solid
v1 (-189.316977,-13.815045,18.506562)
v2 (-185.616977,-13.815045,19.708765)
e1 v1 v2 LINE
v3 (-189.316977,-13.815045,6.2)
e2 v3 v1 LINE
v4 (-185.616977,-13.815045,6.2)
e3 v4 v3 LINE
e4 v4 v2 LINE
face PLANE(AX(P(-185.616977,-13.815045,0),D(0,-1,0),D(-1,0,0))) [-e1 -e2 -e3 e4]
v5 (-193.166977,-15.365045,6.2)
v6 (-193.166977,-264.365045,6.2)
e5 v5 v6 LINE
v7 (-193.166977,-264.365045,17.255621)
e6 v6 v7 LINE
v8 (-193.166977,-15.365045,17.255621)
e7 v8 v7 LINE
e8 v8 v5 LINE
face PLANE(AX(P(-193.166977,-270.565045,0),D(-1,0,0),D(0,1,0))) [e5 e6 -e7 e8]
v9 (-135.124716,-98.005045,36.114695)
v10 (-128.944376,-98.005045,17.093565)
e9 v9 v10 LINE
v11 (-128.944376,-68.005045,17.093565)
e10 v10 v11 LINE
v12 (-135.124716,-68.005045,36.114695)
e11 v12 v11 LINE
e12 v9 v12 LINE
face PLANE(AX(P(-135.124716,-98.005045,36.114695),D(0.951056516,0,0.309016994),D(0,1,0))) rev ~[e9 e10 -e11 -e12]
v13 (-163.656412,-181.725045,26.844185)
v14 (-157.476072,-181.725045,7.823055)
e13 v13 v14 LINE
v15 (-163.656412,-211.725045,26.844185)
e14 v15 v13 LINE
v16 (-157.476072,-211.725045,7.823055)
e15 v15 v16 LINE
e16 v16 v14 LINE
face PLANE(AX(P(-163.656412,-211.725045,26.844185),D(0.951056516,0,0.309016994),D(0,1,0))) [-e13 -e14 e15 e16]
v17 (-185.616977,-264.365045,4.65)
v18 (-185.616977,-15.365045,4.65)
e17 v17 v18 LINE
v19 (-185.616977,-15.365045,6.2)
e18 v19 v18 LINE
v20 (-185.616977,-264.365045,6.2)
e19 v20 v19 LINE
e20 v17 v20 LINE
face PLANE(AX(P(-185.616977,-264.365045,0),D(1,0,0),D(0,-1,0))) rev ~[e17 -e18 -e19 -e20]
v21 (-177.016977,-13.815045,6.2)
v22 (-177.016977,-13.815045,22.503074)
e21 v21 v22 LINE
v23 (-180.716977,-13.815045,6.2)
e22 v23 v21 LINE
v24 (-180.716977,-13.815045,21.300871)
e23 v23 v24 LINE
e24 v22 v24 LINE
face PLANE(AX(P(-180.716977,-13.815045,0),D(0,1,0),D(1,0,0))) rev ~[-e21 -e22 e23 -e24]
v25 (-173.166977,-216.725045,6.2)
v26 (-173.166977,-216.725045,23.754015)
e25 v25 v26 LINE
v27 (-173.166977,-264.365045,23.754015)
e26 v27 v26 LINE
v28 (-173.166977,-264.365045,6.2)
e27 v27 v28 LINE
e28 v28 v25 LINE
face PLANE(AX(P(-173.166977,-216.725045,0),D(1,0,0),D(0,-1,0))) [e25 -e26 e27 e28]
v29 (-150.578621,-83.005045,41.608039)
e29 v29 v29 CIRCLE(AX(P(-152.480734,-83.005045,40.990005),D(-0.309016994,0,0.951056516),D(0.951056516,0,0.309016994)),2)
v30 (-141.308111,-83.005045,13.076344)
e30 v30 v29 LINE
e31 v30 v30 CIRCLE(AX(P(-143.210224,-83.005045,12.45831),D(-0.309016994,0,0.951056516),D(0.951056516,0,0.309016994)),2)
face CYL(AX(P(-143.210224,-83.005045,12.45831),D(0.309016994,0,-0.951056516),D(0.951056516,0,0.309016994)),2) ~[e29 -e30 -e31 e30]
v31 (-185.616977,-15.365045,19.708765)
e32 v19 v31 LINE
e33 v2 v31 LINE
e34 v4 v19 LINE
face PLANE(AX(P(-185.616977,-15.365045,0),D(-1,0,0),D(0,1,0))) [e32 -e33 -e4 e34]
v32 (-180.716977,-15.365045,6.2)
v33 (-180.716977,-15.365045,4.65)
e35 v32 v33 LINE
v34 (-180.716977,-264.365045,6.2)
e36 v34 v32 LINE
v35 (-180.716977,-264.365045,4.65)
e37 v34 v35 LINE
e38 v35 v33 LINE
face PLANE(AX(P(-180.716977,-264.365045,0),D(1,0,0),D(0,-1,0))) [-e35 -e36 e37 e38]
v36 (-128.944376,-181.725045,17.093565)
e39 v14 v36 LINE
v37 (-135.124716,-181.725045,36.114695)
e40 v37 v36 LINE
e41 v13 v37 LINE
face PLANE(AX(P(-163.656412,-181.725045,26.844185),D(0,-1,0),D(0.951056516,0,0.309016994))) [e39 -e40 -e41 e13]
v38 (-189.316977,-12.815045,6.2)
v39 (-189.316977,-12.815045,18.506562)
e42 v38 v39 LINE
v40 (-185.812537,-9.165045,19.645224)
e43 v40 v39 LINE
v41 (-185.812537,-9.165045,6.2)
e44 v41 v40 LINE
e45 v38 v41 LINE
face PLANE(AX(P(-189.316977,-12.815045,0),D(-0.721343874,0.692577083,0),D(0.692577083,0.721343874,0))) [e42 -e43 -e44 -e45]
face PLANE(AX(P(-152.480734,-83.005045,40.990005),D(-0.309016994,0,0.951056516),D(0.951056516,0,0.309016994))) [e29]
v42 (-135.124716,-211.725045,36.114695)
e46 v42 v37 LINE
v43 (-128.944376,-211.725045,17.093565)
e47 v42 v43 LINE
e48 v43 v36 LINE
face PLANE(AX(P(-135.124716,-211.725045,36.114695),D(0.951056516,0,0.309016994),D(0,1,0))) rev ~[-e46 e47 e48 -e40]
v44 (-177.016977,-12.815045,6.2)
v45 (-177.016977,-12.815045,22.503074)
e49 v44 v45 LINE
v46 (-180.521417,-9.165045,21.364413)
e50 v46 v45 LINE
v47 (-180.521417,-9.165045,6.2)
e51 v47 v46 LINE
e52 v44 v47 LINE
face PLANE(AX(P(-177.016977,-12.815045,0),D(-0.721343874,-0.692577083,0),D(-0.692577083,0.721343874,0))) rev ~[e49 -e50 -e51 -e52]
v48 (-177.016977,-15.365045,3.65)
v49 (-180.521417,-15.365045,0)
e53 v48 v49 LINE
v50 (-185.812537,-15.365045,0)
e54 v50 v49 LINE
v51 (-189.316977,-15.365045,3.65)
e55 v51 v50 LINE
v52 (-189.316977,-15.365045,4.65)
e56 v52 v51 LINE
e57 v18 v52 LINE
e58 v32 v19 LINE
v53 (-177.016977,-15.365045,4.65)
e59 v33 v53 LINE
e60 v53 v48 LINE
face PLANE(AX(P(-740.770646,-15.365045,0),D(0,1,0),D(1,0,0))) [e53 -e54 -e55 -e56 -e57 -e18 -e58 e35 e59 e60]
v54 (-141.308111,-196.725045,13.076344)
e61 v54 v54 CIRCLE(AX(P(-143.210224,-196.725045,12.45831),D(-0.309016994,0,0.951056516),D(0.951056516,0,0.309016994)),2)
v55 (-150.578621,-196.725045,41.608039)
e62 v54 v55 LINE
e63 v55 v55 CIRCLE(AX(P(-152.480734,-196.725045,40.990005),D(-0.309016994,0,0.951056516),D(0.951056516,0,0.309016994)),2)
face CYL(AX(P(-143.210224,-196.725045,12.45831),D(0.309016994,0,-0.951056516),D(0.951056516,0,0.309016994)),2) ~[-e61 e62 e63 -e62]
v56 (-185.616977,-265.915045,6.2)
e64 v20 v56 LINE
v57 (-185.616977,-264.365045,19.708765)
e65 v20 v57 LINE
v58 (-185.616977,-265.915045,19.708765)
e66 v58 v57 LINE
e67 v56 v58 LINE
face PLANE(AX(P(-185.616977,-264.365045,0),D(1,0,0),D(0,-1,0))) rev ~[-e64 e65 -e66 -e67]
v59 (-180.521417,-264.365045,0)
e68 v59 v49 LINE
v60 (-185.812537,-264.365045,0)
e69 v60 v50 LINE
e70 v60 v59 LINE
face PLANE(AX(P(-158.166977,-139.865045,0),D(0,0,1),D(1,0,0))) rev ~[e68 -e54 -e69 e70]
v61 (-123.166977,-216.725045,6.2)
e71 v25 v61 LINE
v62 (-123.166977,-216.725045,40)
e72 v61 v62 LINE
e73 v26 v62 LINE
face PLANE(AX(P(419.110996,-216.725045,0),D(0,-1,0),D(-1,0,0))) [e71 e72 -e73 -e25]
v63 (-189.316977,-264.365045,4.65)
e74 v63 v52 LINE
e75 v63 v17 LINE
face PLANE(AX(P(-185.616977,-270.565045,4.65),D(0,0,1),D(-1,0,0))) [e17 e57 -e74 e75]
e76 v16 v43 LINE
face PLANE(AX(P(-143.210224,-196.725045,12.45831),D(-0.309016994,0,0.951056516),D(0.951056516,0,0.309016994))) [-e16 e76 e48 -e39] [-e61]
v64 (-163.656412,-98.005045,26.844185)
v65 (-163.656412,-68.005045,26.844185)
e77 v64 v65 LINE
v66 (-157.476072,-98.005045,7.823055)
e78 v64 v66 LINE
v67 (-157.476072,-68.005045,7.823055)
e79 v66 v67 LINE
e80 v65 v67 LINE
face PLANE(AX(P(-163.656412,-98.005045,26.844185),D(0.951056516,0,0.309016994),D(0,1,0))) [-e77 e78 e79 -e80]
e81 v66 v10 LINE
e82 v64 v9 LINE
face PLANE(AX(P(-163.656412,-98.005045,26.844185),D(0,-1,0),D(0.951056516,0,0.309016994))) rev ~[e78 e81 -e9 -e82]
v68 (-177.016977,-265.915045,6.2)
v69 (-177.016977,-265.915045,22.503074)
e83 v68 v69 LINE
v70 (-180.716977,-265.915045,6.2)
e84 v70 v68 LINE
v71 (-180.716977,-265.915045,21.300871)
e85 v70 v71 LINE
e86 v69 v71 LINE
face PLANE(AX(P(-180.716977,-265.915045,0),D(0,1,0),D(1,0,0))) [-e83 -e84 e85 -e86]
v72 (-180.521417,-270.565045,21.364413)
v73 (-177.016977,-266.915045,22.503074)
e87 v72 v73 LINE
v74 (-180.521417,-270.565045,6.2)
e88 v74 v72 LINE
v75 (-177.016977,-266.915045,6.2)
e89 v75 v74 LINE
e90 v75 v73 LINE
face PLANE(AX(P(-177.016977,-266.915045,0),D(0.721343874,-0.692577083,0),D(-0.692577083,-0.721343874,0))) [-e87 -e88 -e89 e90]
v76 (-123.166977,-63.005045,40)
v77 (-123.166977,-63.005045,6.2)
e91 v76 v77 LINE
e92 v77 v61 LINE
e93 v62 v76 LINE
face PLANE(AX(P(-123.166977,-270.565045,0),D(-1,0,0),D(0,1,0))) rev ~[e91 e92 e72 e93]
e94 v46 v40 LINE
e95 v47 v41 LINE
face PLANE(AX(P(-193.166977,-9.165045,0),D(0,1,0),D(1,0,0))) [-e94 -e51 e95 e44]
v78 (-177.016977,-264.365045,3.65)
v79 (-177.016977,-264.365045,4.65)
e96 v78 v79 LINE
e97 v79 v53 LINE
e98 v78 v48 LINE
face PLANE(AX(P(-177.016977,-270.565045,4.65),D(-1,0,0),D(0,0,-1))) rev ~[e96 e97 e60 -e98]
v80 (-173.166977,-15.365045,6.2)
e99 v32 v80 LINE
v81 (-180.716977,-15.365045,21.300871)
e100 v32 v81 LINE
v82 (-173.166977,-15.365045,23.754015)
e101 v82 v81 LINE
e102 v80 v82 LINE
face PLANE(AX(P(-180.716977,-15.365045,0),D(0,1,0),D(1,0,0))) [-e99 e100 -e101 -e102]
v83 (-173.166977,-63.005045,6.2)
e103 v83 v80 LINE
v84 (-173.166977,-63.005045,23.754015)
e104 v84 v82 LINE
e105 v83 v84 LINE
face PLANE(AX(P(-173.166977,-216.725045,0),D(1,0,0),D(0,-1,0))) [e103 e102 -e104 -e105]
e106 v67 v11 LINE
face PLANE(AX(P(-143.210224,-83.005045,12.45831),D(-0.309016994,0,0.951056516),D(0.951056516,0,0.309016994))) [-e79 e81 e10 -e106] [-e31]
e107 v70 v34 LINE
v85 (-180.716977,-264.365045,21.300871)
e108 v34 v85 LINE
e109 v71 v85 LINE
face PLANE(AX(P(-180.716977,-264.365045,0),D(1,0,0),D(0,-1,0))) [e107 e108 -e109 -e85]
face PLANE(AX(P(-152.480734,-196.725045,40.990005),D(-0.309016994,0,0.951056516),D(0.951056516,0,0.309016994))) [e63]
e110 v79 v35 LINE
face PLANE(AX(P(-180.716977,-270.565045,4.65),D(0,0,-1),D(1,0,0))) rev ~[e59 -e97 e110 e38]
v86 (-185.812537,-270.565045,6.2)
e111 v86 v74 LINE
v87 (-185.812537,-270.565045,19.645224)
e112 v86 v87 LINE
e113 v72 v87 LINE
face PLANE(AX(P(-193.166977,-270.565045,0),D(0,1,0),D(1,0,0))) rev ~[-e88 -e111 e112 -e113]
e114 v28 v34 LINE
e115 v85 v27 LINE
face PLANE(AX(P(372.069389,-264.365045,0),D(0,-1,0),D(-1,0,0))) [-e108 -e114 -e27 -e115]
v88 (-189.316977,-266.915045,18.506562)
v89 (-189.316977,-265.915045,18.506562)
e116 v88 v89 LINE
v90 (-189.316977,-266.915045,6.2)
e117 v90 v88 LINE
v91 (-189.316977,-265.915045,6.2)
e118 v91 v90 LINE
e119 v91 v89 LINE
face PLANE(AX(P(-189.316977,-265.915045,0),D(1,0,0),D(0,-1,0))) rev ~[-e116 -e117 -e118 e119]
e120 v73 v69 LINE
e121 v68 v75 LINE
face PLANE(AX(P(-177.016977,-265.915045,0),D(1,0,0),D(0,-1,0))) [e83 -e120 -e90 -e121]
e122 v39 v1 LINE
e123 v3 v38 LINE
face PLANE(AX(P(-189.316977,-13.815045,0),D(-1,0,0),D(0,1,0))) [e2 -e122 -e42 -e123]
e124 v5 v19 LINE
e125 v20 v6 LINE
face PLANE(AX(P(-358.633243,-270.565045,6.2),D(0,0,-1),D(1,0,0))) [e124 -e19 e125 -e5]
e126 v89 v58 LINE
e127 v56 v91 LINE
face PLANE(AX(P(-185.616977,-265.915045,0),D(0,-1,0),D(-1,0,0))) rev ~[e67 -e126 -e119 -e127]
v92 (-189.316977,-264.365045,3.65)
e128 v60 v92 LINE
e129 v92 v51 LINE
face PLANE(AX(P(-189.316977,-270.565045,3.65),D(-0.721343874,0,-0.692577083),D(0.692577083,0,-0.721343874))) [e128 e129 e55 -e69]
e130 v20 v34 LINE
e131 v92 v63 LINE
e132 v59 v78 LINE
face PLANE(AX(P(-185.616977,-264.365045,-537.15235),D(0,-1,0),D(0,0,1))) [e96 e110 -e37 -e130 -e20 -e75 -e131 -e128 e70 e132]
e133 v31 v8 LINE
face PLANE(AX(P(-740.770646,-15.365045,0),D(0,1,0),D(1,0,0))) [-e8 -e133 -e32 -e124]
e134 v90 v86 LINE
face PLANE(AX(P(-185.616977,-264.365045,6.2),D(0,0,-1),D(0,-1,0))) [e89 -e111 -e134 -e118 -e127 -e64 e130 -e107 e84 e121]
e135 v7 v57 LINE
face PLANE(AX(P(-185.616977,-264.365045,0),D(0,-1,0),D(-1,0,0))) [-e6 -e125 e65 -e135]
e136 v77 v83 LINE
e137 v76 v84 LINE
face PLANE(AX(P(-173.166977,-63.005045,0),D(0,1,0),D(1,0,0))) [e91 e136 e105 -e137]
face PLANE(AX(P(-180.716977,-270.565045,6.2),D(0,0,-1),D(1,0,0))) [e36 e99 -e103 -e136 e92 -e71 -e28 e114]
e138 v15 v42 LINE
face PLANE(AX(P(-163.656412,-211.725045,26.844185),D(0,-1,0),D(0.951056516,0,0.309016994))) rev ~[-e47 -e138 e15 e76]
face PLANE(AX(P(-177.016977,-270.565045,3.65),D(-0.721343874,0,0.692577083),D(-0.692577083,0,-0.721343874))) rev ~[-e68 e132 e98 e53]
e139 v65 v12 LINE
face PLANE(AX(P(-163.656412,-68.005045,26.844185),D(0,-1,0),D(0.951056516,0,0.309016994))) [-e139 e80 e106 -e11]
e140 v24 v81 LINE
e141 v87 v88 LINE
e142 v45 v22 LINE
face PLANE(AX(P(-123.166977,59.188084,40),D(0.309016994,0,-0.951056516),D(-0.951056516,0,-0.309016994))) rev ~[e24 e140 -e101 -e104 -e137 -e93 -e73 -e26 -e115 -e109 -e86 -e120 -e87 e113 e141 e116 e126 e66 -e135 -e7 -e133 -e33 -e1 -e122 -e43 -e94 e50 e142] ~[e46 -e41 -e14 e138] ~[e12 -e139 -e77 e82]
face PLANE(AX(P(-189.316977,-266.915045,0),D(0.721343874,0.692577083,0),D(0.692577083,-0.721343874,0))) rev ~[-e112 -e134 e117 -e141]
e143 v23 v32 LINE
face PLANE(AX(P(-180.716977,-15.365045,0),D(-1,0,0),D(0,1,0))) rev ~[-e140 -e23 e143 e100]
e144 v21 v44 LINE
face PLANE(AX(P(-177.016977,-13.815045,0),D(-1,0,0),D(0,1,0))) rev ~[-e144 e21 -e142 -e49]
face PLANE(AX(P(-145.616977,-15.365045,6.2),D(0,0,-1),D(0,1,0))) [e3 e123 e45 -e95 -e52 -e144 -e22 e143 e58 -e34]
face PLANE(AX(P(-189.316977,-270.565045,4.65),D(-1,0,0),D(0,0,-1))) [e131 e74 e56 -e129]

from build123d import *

# Parameters (mm, degrees)
ESQUISSE1_W                   = 70
ESQUISSE1_H                   = 261.4
BOSS_EXTRU_1_DEPTH            = 40
ENL_V_MAT_EXTRU_1_DEPTH       = 335.841640665
ENL_V_MAT_EXTRU_1_DEPTH_BACK  = 40
ENL_V_MAT_EXTRU_2_DEPTH       = 335.841640665
ENL_V_MAT_EXTRU_2_DEPTH_BACK  = 40
ENL_V_MAT_EXTRU_3_DEPTH       = 287.347052656
ENL_V_MAT_EXTRU_3_DEPTH_BACK  = 165
ENL_V_MAT_EXTRU_4_DEPTH       = 328.480443637
ENL_V_MAT_EXTRU_4_DEPTH_BACK  = 261.4
ENL_V_MAT_EXTRU_5_DEPTH       = 328.480443637
ENL_V_MAT_EXTRU_5_DEPTH_BACK  = 261.4
ENL_V_MAT_EXTRU_6_DEPTH       = 335.841640665
ENL_V_MAT_EXTRU_6_DEPTH_BACK  = 40
ENL_V_MAT_EXTRU_8_DEPTH       = 335.841640665
ENL_V_MAT_EXTRU_8_DEPTH_BACK  = 40
ENL_V_MAT_EXTRU_9_DEPTH       = 281.544908808
ENL_V_MAT_EXTRU_9_DEPTH_BACK  = 40
ENL_V_MAT_EXTRU_10_DEPTH      = 335.841640665
ENL_V_MAT_EXTRU_10_DEPTH_BACK = 40
ENL_V_MAT_EXTRU_12_DEPTH      = 335.841640665
ENL_V_MAT_EXTRU_12_DEPTH_BACK = 40
ENL_V_MAT_EXTRU_14_DEPTH      = 280.494983601
ENL_V_MAT_EXTRU_14_DEPTH_BACK = 4.9
ENL_V_MAT_EXTRU_30_DEPTH      = 323.553128903
ENL_V_MAT_EXTRU_30_DEPTH_BACK = 323.553128903
ESQUISSE33_W                  = 30
ESQUISSE33_H                  = 30
ENL_V_MAT_EXTRU_34_DEPTH      = 20
ESQUISSE36_W                  = 30
ESQUISSE36_H                  = 30
ENL_V_MAT_EXTRU_35_DEPTH      = 20
ESQUISSE38_R                  = 2
BOSS_EXTRU_2_DEPTH            = 30
ESQUISSE39_R                  = 2
BOSS_EXTRU_3_DEPTH            = 30


with BuildPart() as part:
    # Esquisse1 → Boss.-Extru.1 (new body)
    with BuildSketch(Plane.XY):
        with Locations((-158.166976901, -139.865044598)):
            Rectangle(ESQUISSE1_W, ESQUISSE1_H)
    extrude(amount=BOSS_EXTRU_1_DEPTH)

    # Esquisse3 → Enlèv. mat.-Extru.1 (cut, two sides: drawn at the far end of the back side and taken through both)
    with BuildSketch(Plane.XY.offset(40).offset(-ENL_V_MAT_EXTRU_1_DEPTH_BACK)):
        Polygon((-173.166976901, 533.112927894), (-173.166976901, -9.165044598), (-173.166976901, -63.005044598), (-123.166976901, -63.005044598), (419.110995591, -63.005044598), (1188.481875045, 701.409795425), (596.203902553, 1297.527767917), align=None)
    extrude(amount=ENL_V_MAT_EXTRU_1_DEPTH + ENL_V_MAT_EXTRU_1_DEPTH_BACK, mode=Mode.SUBTRACT)

    # Esquisse4 → Enlèv. mat.-Extru.2 (cut, two sides: drawn at the far end of the back side and taken through both)
    with BuildSketch(Plane.XY.offset(40).offset(-ENL_V_MAT_EXTRU_2_DEPTH_BACK)):
        Polygon((-173.166976901, -812.84301709), (-173.166976901, -270.565044598), (-173.166976901, -216.725044598), (-123.166976901, -216.725044598), (419.110995591, -216.725044598), (1188.481875045, -981.139884621), (596.203902553, -1577.257857113), align=None)
    extrude(amount=ENL_V_MAT_EXTRU_2_DEPTH + ENL_V_MAT_EXTRU_2_DEPTH_BACK, mode=Mode.SUBTRACT)

    # Esquisse6 → Enlèv. mat.-Extru.3 (cut, two sides: drawn at the far end of the back side and taken through both)
    with BuildSketch(Plane(origin=(0, -63.005044598, 0), x_dir=(1, 0, 0), z_dir=(0, 1, 0)).offset(-ENL_V_MAT_EXTRU_3_DEPTH_BACK)):
        Polygon((42.299289537, -6.2), (-123.166976901, -6.2), (-173.166976901, -6.2), (-173.166976901, 0), (-173.166976901, 165.466266437), (33.046852916, 424.294776666), (248.513119354, 252.628510228), align=None)
    extrude(amount=ENL_V_MAT_EXTRU_3_DEPTH + ENL_V_MAT_EXTRU_3_DEPTH_BACK, mode=Mode.SUBTRACT)

    # Esquisse7 → Enlèv. mat.-Extru.4 (cut, two sides: drawn at the far end of the back side and taken through both)
    with BuildSketch(Plane(origin=(0, -9.165044598, 0), x_dir=(1, 0, 0), z_dir=(0, 1, 0)).offset(-ENL_V_MAT_EXTRU_4_DEPTH_BACK)):
        Polygon((-23.31660268, -6.2), (-173.166976901, -6.2), (-180.716976901, -6.2), (-180.716976901, -4.65), (-177.016976901, -4.65), (-177.016976901, -3.65), (-180.521416942, 0), (-284.304352032, 108.093649388), (-164.080204276, 382.623598415), (96.907545076, 268.329949026), align=None)
    extrude(amount=ENL_V_MAT_EXTRU_4_DEPTH + ENL_V_MAT_EXTRU_4_DEPTH_BACK, mode=Mode.SUBTRACT)

    # Esquisse8 → Enlèv. mat.-Extru.5 (cut, two sides: drawn at the far end of the back side and taken through both)
    with BuildSketch(Plane(origin=(0, -9.165044598, 0), x_dir=(1, 0, 0), z_dir=(0, 1, 0)).offset(-ENL_V_MAT_EXTRU_5_DEPTH_BACK)):
        Polygon((-358.633243338, -6.2), (-193.166976901, -6.2), (-185.616976901, -6.2), (-185.616976901, -4.65), (-189.316976901, -4.65), (-189.316976901, -3.65), (-185.81253686, 0), (-71.214392687, 119.358077569), (-203.692164198, 422.617012095), (-491.11101485, 297.058934527), align=None)
    extrude(amount=ENL_V_MAT_EXTRU_5_DEPTH + ENL_V_MAT_EXTRU_5_DEPTH_BACK, mode=Mode.SUBTRACT)

    # Esquisse9 → Enlèv. mat.-Extru.6 (cut, two sides: drawn at the far end of the back side and taken through both)
    with BuildSketch(Plane.XY.offset(40).offset(-ENL_V_MAT_EXTRU_6_DEPTH_BACK)):
        Polygon((-740.770645722, -15.365044598), (-193.166976901, -15.365044598), (-185.616976901, -15.365044598), (-185.616976901, -13.815044598), (-189.316976901, -13.815044598), (-189.316976901, -12.815044598), (-185.81253686, -9.165044598), (193.445214828, 385.845507022), (-238.735419917, 1392.174981587), (-1172.951280468, 990.964429967), align=None)
    extrude(amount=ENL_V_MAT_EXTRU_6_DEPTH + ENL_V_MAT_EXTRU_6_DEPTH_BACK, mode=Mode.SUBTRACT)

    # Esquisse10 → Enlèv. mat.-Extru.8 (cut, two sides: drawn at the far end of the back side and taken through both)
    with BuildSketch(Plane.XY.offset(40).offset(-ENL_V_MAT_EXTRU_8_DEPTH_BACK)):
        Polygon((372.069388801, -15.365044598), (-173.166976901, -15.365044598), (-180.716976901, -15.365044598), (-180.716976901, -13.815044598), (-177.016976901, -13.815044598), (-177.016976901, -12.815044598), (-180.521416942, -9.165044598), (-558.13962874, 384.13786742), (-127.815363107, 1386.111821344), (802.393654434, 986.608909326), align=None)
    extrude(amount=ENL_V_MAT_EXTRU_8_DEPTH + ENL_V_MAT_EXTRU_8_DEPTH_BACK, mode=Mode.SUBTRACT)

    # Esquisse11 → Enlèv. mat.-Extru.9 (cut, two sides: drawn at the far end of the back side and taken through both)
    with BuildSketch(Plane.ZY.offset(185.616976901).offset(-ENL_V_MAT_EXTRU_9_DEPTH_BACK)):
        Polygon((-537.152349895, -15.365044598), (0, -15.365044598), (6.2, -15.365044598), (6.2, -9.165044598), (6.2, 527.987305297), (-753.448138282, 1287.635443579), (-1296.800488177, 744.283093684), align=None)
    extrude(amount=ENL_V_MAT_EXTRU_9_DEPTH + ENL_V_MAT_EXTRU_9_DEPTH_BACK, mode=Mode.SUBTRACT)

    # Esquisse12 → Enlèv. mat.-Extru.10 (cut, two sides: drawn at the far end of the back side and taken through both)
    with BuildSketch(Plane.XY.offset(40).offset(-ENL_V_MAT_EXTRU_10_DEPTH_BACK)):
        Polygon((372.069388801, -264.365044598), (-173.166976901, -264.365044598), (-180.716976901, -264.365044598), (-180.716976901, -265.915044598), (-177.016976901, -265.915044598), (-177.016976901, -266.915044598), (-180.521416942, -270.565044598), (-558.13962874, -663.867956616), (-127.815363107, -1665.84191054), (802.393654434, -1266.338998522), align=None)
    extrude(amount=ENL_V_MAT_EXTRU_10_DEPTH + ENL_V_MAT_EXTRU_10_DEPTH_BACK, mode=Mode.SUBTRACT)

    # Esquisse13 → Enlèv. mat.-Extru.12 (cut, two sides: drawn at the far end of the back side and taken through both)
    with BuildSketch(Plane.XY.offset(40).offset(-ENL_V_MAT_EXTRU_12_DEPTH_BACK)):
        Polygon((-740.770645722, -264.365044598), (-193.166976901, -264.365044598), (-185.616976901, -264.365044598), (-185.616976901, -265.915044598), (-189.316976901, -265.915044598), (-189.316976901, -266.915044598), (-185.81253686, -270.565044598), (193.445214828, -665.575596218), (-238.735419917, -1671.905070783), (-1172.951280468, -1270.694519163), align=None)
    extrude(amount=ENL_V_MAT_EXTRU_12_DEPTH + ENL_V_MAT_EXTRU_12_DEPTH_BACK, mode=Mode.SUBTRACT)

    # Esquisse16 → Enlèv. mat.-Extru.14 (cut, two sides: drawn at the far end of the back side and taken through both)
    with BuildSketch(Plane(origin=(-180.716976901, 0, 0), x_dir=(0, 0, -1), z_dir=(1, 0, 0)).offset(-ENL_V_MAT_EXTRU_14_DEPTH_BACK)):
        Polygon((537.152349895, -264.365044598), (0, -264.365044598), (-6.2, -264.365044598), (-6.2, -270.565044598), (-6.2, -807.717394493), (753.448138282, -1567.365532776), (1296.800488177, -1024.01318288), align=None)
    extrude(amount=ENL_V_MAT_EXTRU_14_DEPTH + ENL_V_MAT_EXTRU_14_DEPTH_BACK, mode=Mode.SUBTRACT)


with BuildPart() as enl_v_mat_extru_14_kept_piece:
    # of the separate pieces the step leaves, the one the design keeps (enl_v_mat_extru_14_pieces_kept)
    add(part.part.solids().sort_by_distance((-193.166976901, -264.365044598, 6.2))[0])

    # Esquisse32 → Enlèv. mat.-Extru.30 (cut, two sides: drawn at the far end of the back side and taken through both)
    with BuildSketch(Plane(origin=(0, -264.365044598, 0), x_dir=(-1, 0, 0), z_dir=(0, -1, 0)).offset(-ENL_V_MAT_EXTRU_30_DEPTH_BACK)):
        Polygon((364.412131867, -40), (193.166976901, -40), (123.166976901, -40), (193.166976901, -17.255621264), (356.030797415, 35.662041825), (696.438947848, 73.370177768), (704.8202823, -2.291864057), align=None)
    extrude(amount=ENL_V_MAT_EXTRU_30_DEPTH + ENL_V_MAT_EXTRU_30_DEPTH_BACK, mode=Mode.SUBTRACT)

    # Esquisse33 → Enlèv. mat.-Extru.34 (cut)
    with BuildSketch(Plane(origin=(-23.517104767, 0, 72.378206183), x_dir=(0.9510565162951555, 0, 0.3090169943749416), z_dir=(-0.3090169943749416, 0, 0.9510565162951555))):
        with Locations((-132.351187411, -83.005044598)):
            Rectangle(ESQUISSE33_W, ESQUISSE33_H)
    extrude(amount=-ENL_V_MAT_EXTRU_34_DEPTH, mode=Mode.SUBTRACT)

    # Esquisse36 → Enlèv. mat.-Extru.35 (cut)
    with BuildSketch(Plane(origin=(-23.517104767, 0, 72.378206183), x_dir=(0.9510565162951555, 0, 0.3090169943749416), z_dir=(-0.3090169943749416, 0, 0.9510565162951555))):
        with Locations((-132.351187411, -196.725044598)):
            Rectangle(ESQUISSE36_W, ESQUISSE36_H)
    extrude(amount=-ENL_V_MAT_EXTRU_35_DEPTH, mode=Mode.SUBTRACT)

    # Esquisse38 → Boss.-Extru.2 (add)
    with BuildSketch(Plane(origin=(-17.336764879, 0, 53.357075857), x_dir=(0.9510565162951555, 0, 0.3090169943749415), z_dir=(-0.3090169943749415, 0, 0.9510565162951556))):
        with Locations((-132.351187411, -83.005044598)):
            Circle(ESQUISSE38_R)
    extrude(amount=BOSS_EXTRU_2_DEPTH)

    # Esquisse39 → Boss.-Extru.3 (add)
    with BuildSketch(Plane(origin=(-17.336764879, 0, 53.357075857), x_dir=(0.9510565162951555, 0, 0.3090169943749415), z_dir=(-0.3090169943749415, 0, 0.9510565162951556))):
        with Locations((-132.351187411, -196.725044598)):
            Circle(ESQUISSE39_R)
    extrude(amount=BOSS_EXTRU_3_DEPTH)


solid = enl_v_mat_extru_14_kept_piece.part
